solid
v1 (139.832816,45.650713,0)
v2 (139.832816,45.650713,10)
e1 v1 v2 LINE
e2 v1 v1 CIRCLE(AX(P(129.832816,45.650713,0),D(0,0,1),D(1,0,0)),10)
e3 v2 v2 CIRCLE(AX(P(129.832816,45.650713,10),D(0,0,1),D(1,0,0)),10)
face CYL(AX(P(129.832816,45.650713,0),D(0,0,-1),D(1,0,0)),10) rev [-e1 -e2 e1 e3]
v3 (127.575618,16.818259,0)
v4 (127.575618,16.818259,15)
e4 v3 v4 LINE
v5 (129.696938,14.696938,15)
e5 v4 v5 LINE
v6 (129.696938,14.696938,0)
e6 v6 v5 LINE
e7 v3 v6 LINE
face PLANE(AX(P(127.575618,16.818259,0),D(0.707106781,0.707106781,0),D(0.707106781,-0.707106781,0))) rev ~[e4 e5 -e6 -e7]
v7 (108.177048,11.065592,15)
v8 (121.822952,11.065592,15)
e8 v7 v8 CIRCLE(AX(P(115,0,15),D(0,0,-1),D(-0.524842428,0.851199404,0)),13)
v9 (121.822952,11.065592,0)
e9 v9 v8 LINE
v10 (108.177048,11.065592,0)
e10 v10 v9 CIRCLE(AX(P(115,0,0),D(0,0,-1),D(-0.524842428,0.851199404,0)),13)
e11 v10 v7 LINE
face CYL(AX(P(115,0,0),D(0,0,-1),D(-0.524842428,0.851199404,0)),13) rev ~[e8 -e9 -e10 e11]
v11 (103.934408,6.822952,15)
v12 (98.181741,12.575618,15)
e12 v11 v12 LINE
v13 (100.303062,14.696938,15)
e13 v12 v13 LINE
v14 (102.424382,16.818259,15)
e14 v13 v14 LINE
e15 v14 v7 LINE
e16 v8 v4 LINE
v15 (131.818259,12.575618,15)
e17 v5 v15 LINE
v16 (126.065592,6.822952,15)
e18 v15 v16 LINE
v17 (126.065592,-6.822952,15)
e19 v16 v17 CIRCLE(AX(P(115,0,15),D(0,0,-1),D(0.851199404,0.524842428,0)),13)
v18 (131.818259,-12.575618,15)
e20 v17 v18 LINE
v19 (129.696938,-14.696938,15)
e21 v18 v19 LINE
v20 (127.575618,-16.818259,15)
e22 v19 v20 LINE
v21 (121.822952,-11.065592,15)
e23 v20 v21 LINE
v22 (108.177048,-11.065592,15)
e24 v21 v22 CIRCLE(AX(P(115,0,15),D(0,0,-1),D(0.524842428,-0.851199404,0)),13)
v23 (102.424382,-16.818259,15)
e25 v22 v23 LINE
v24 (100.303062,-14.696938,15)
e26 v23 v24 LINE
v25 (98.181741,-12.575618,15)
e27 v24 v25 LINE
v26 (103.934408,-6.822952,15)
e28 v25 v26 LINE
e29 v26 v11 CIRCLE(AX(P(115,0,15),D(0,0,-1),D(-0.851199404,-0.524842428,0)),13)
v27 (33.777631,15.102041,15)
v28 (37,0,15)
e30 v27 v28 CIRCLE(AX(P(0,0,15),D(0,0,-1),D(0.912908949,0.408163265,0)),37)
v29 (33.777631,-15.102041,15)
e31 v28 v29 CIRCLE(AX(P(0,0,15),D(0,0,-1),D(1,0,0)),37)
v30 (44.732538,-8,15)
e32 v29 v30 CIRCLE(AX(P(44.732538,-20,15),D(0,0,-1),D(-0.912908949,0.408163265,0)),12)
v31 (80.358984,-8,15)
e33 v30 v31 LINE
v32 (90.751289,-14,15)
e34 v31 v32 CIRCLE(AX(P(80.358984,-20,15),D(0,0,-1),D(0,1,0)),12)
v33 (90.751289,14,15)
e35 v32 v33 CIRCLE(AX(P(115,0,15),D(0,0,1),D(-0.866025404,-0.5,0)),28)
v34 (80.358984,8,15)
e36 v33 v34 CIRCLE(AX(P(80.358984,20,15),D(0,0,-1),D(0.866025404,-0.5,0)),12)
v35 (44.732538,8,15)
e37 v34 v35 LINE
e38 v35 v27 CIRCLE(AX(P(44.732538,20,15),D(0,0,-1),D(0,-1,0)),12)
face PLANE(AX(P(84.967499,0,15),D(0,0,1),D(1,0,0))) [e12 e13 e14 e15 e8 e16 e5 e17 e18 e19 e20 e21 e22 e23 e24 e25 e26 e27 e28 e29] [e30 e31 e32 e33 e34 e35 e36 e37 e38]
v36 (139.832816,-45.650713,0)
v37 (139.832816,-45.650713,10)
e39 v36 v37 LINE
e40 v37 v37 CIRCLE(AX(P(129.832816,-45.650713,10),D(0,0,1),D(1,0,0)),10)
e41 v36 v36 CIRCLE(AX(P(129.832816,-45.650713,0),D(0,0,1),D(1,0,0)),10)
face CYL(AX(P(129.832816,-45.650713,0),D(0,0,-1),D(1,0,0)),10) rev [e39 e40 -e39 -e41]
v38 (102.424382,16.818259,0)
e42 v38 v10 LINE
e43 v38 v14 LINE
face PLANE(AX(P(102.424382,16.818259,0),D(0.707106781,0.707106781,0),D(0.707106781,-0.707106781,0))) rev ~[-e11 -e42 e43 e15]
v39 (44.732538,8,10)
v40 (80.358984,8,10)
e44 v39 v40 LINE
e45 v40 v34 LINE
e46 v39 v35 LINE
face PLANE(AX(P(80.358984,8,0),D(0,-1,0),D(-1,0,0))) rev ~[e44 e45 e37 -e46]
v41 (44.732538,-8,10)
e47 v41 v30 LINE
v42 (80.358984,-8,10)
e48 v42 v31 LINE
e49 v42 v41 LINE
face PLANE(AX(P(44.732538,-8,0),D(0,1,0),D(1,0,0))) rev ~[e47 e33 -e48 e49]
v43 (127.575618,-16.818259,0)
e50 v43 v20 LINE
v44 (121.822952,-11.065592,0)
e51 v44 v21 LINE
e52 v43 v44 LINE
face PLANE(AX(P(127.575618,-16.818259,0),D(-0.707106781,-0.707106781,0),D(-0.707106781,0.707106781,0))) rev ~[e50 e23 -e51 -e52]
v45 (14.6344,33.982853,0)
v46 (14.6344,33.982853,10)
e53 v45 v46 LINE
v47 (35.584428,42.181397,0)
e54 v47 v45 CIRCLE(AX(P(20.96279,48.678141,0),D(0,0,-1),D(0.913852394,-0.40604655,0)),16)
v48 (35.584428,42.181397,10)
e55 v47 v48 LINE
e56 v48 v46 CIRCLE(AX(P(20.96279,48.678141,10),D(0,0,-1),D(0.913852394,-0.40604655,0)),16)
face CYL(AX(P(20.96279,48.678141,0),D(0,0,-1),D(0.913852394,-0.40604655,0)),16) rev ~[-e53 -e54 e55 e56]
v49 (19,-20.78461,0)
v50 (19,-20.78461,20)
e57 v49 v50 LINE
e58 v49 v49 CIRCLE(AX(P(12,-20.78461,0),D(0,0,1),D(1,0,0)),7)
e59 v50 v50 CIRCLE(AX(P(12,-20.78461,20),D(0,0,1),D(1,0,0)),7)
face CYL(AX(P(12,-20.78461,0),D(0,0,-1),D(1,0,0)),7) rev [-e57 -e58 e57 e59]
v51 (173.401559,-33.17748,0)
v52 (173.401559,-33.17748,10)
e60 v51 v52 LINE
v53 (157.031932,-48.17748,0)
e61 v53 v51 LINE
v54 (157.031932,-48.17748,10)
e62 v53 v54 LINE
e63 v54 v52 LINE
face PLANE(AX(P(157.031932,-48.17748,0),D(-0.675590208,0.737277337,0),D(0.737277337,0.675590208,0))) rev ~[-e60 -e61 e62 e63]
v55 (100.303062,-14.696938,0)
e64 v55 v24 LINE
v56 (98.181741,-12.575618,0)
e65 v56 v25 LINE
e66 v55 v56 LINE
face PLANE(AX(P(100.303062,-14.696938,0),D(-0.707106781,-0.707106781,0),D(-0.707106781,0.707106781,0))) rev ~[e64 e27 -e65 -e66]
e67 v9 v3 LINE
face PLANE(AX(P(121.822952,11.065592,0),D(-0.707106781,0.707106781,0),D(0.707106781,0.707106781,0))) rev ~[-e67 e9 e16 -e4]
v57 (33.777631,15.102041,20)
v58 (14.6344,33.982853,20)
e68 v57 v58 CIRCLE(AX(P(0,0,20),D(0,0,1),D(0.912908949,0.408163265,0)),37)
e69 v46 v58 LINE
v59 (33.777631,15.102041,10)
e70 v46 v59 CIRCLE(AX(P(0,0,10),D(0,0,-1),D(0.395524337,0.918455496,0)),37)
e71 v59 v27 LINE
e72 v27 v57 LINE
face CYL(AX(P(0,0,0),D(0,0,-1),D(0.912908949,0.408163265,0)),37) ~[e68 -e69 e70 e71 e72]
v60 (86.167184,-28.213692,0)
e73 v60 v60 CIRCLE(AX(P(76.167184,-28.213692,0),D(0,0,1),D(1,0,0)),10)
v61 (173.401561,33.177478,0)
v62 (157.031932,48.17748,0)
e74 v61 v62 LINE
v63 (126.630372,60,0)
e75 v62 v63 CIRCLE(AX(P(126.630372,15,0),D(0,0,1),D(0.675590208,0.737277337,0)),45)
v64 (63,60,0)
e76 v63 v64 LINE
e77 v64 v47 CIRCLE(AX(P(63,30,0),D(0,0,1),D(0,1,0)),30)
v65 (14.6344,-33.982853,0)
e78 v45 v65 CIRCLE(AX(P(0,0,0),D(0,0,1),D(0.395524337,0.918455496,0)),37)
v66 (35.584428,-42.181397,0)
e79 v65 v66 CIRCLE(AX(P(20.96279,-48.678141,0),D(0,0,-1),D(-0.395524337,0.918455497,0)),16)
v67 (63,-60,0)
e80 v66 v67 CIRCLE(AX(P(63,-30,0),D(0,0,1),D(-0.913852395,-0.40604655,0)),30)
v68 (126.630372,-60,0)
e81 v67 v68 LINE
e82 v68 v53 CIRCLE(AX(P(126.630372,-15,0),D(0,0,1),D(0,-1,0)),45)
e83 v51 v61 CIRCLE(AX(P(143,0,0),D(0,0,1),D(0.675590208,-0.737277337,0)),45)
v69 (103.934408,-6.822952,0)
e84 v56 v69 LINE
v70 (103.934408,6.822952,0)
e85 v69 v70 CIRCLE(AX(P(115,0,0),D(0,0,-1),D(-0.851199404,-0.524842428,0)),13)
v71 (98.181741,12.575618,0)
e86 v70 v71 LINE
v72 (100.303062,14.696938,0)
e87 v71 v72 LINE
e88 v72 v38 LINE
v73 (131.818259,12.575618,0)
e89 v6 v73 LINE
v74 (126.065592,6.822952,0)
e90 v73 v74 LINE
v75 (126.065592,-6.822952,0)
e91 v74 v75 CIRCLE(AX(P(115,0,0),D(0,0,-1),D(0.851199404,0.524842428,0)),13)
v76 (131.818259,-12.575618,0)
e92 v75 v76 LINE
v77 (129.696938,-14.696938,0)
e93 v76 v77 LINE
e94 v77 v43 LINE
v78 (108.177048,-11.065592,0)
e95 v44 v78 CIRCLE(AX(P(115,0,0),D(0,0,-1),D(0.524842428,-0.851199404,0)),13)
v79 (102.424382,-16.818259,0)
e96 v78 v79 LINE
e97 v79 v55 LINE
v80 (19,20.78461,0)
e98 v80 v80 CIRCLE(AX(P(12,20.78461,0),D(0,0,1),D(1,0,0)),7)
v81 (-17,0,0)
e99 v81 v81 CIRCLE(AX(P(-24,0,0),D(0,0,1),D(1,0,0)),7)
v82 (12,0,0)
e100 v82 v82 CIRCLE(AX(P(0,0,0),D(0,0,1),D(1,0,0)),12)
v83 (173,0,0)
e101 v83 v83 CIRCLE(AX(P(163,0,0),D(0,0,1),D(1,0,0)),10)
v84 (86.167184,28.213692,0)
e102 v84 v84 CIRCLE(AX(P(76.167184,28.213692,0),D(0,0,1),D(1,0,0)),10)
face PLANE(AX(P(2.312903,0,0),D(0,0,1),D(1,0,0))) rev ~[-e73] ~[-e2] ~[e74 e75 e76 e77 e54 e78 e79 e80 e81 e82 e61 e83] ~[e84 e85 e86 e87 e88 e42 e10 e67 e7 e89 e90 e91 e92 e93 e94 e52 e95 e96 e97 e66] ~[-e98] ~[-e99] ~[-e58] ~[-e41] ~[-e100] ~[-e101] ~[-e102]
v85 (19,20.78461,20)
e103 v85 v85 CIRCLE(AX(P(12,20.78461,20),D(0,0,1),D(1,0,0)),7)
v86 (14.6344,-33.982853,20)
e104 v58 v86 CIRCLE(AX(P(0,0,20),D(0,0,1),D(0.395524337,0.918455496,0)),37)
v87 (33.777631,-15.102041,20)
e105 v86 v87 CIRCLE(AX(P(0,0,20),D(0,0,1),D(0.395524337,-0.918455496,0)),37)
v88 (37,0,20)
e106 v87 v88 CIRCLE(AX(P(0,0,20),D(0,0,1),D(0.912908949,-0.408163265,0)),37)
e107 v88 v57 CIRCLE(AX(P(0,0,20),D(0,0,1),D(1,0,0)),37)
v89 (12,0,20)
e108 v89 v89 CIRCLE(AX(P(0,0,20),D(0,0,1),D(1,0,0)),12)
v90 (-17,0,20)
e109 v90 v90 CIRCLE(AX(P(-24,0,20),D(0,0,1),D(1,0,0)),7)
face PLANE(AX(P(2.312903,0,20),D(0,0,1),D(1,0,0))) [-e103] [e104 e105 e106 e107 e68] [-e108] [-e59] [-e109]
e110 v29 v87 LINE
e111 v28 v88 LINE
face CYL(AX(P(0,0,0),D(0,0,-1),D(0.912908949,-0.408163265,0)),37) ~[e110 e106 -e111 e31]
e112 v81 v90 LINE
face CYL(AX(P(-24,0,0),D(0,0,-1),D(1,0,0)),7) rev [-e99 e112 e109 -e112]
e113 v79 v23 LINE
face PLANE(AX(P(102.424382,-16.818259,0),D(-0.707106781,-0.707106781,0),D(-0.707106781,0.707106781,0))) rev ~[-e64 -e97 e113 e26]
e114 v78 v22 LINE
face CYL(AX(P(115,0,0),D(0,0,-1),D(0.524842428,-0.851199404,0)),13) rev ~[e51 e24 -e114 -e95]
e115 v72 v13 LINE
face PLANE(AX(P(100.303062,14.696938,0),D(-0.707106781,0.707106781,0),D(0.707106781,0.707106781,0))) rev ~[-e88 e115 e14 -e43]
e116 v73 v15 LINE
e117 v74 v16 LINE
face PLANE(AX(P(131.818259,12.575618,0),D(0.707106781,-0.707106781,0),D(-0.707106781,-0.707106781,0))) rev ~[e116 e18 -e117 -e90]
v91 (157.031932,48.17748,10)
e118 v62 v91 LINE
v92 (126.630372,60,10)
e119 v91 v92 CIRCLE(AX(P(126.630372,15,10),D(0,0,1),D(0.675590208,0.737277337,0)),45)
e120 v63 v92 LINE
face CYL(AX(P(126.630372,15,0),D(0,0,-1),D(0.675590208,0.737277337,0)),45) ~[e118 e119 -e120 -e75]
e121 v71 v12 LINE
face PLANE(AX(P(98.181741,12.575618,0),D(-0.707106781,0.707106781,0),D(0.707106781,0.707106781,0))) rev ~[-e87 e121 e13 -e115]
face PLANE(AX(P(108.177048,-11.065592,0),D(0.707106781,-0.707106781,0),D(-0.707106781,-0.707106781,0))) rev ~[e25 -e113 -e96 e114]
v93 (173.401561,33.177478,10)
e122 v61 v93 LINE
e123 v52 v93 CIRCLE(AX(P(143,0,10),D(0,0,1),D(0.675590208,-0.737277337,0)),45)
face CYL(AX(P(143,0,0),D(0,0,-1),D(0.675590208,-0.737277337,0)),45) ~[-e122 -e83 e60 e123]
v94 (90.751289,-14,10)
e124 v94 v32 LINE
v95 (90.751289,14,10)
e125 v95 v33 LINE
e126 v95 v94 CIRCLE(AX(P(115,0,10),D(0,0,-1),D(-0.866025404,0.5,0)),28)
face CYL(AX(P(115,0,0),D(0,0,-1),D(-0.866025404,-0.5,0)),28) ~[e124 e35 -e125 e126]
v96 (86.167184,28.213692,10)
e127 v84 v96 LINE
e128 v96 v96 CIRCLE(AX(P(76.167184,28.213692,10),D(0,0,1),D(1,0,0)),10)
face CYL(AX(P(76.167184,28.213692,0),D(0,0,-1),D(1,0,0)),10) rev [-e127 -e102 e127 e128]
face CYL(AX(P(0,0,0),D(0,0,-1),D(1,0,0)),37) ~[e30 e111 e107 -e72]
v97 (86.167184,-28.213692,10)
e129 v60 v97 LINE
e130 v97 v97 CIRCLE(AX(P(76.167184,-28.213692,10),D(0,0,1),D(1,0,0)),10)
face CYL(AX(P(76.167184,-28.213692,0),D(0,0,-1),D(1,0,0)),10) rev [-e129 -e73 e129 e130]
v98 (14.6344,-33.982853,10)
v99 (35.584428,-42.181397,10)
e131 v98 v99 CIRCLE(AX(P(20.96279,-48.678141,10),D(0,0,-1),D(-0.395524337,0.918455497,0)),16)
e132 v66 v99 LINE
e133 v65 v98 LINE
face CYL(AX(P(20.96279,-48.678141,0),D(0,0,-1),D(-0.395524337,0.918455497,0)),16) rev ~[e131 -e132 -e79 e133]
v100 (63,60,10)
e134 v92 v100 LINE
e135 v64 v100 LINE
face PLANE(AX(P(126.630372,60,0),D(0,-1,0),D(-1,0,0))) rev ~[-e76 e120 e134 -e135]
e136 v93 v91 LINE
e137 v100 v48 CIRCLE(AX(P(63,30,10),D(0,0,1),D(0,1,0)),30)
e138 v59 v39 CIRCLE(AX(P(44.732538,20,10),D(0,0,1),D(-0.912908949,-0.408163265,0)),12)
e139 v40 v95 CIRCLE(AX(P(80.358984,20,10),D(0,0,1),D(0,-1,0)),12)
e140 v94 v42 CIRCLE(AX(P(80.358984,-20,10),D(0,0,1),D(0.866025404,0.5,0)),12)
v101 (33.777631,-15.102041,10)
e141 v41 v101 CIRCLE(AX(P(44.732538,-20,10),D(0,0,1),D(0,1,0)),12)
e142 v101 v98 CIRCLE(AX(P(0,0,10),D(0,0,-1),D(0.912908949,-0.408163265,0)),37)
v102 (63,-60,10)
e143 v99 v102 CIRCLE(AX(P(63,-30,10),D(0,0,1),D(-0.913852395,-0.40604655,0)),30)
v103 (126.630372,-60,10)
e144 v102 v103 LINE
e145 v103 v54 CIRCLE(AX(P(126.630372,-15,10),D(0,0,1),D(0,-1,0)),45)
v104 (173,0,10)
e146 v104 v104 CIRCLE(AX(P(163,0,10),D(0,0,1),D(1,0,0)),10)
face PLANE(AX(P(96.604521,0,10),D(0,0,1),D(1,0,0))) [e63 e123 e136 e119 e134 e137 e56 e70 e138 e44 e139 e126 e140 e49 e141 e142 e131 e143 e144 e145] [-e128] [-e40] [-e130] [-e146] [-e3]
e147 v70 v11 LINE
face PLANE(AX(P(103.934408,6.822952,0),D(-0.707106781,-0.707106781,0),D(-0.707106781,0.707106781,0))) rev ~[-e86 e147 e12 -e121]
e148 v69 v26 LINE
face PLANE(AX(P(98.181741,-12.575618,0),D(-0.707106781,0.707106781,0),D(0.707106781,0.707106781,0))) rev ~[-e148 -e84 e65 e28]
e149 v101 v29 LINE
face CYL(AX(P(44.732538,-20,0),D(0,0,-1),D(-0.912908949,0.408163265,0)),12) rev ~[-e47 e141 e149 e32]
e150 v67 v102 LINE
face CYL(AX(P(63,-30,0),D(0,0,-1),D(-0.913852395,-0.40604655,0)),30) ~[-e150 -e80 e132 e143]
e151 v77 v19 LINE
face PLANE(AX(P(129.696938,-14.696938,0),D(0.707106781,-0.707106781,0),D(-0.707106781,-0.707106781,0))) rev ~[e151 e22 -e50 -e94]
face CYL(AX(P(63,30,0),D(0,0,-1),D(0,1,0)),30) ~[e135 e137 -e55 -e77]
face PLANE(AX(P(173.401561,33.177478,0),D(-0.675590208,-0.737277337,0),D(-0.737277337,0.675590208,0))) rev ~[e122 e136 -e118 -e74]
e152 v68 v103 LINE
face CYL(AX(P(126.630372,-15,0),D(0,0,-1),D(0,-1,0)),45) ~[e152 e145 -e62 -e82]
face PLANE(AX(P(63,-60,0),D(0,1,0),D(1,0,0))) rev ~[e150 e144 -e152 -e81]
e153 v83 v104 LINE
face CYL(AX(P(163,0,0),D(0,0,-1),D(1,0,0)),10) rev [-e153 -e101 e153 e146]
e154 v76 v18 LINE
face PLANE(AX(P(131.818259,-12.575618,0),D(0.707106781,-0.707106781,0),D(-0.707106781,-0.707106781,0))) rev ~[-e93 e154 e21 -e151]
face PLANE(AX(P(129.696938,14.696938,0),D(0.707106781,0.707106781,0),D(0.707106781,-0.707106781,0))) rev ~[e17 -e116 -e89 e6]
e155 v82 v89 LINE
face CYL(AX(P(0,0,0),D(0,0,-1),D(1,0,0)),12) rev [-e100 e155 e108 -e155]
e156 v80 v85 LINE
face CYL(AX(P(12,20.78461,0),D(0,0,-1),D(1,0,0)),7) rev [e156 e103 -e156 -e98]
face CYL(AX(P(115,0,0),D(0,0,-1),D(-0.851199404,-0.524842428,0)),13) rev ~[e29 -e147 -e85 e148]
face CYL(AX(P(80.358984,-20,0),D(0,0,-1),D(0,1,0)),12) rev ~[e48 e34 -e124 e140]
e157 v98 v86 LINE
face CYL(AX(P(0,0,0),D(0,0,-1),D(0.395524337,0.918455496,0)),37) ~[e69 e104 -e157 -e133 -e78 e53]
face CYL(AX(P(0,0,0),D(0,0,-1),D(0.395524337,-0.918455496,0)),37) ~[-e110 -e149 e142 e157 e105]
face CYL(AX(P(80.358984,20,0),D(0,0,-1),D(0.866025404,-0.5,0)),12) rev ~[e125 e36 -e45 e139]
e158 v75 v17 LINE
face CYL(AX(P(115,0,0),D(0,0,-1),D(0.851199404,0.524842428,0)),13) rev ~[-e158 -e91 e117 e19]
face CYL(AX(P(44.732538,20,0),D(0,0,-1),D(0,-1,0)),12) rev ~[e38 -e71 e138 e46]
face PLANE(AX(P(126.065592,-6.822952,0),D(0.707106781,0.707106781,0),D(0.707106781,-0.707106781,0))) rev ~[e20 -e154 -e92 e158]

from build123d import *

# Parameters (mm, degrees)
SKETCH_1_R      = 10
EXTRUDE_1_DEPTH = 10
SKETCH_1_3_R    = 7
SKETCH_1_3_R_2  = 12
EXTRUDE_2_DEPTH = 20
EXTRUDE_3_DEPTH = 15


with BuildPart() as part:
    # Эскиз1 → Бобышка-Вытянуть1 (new body)
    with BuildSketch(Plane.XY):
        with BuildLine():
            ThreePointArc((33.777631107, 15.102040816), (38.204732973, 9.930851322), (44.732538493, 8))
            Line((44.732538493, 8), (80.358983849, 8))
            ThreePointArc((80.358983849, 8), (86.358983849, 9.607695155), (90.751288694, 14))
            ThreePointArc((90.751288694, 14), (143, 0), (90.751288694, -14))
            ThreePointArc((90.751288694, -14), (86.358983849, -9.607695155), (80.358983849, -8))
            Line((80.358983849, -8), (44.732538493, -8))
            ThreePointArc((44.732538493, -8), (38.204732973, -9.930851322), (33.777631107, -15.102040816))
            ThreePointArc((33.777631107, -15.102040816), (25.981771895, -26.342883843), (14.634400462, -33.982853369))
            ThreePointArc((14.634400462, -33.982853369), (26.793614992, -33.778427283), (35.584428164, -42.181396508))
            ThreePointArc((35.584428164, -42.181396508), (46.651328728, -55.153944971), (63, -60))
            Line((63, -60), (126.630372484, -60))
            ThreePointArc((126.630372484, -60), (142.940084207, -56.940354118), (157.031931827, -48.177480156))
            Line((157.031931827, -48.177480156), (173.401559343, -33.177480156))
            ThreePointArc((173.401559343, -33.177480156), (188, -1.233e-06), (173.401561161, 33.177478491))
            Line((173.401561161, 33.177478491), (157.031931827, 48.177480156))
            ThreePointArc((157.031931827, 48.177480156), (142.940084207, 56.940354118), (126.630372484, 60))
            Line((126.630372484, 60), (115, 60))
            Line((115, 60), (63, 60))
            ThreePointArc((63, 60), (46.651328728, 55.153944971), (35.584428164, 42.181396508))
            ThreePointArc((35.584428164, 42.181396508), (26.793614992, 33.778427283), (14.634400462, 33.982853369))
            ThreePointArc((14.634400462, 33.982853369), (25.981771895, 26.342883843), (33.777631107, 15.102040816))
        make_face()
        with Locations((129.83281573, -45.650712782)):
            Circle(SKETCH_1_R, mode=Mode.SUBTRACT)
        with Locations((76.16718427, -28.21369211)):
            Circle(SKETCH_1_R, mode=Mode.SUBTRACT)
        with Locations((163, 0)):
            Circle(SKETCH_1_R, mode=Mode.SUBTRACT)
        with Locations((76.16718427, 28.21369211)):
            Circle(SKETCH_1_R, mode=Mode.SUBTRACT)
        with Locations((129.83281573, 45.650712782)):
            Circle(SKETCH_1_R, mode=Mode.SUBTRACT)
    extrude(amount=EXTRUDE_1_DEPTH)

    # Эскиз1<3> → Бобышка-Вытянуть2 (add)
    with BuildSketch(Plane.XY):
        with BuildLine():
            ThreePointArc((37, 0), (36.185441485, 7.720998933), (33.777631107, 15.102040816))
            ThreePointArc((33.777631107, 15.102040816), (25.981771895, 26.342883843), (14.634400462, 33.982853369))
            ThreePointArc((14.634400462, 33.982853369), (-37, 0), (14.634400462, -33.982853369))
            ThreePointArc((14.634400462, -33.982853369), (25.981771895, -26.342883843), (33.777631107, -15.102040816))
            ThreePointArc((33.777631107, -15.102040816), (36.185441485, -7.720998933), (37, 0))
        make_face()
        with Locations((12, -20.784609691)):
            Circle(SKETCH_1_3_R, mode=Mode.SUBTRACT)
        with Locations((-24, 0)):
            Circle(SKETCH_1_3_R, mode=Mode.SUBTRACT)
        Circle(SKETCH_1_3_R_2, mode=Mode.SUBTRACT)
        with Locations((12, 20.784609691)):
            Circle(SKETCH_1_3_R, mode=Mode.SUBTRACT)
    extrude(amount=EXTRUDE_2_DEPTH)

    # Эскиз1<4> → Бобышка-Вытянуть3 (add)
    with BuildSketch(Plane.XY):
        with BuildLine():
            Line((80.358983849, 8), (44.732538493, 8))
            ThreePointArc((44.732538493, 8), (38.204732973, 9.930851322), (33.777631107, 15.102040816))
            ThreePointArc((33.777631107, 15.102040816), (36.185441485, 7.720998933), (37, 0))
            ThreePointArc((37, 0), (36.185441485, -7.720998933), (33.777631107, -15.102040816))
            ThreePointArc((33.777631107, -15.102040816), (38.204732973, -9.930851322), (44.732538493, -8))
            Line((44.732538493, -8), (80.358983849, -8))
            ThreePointArc((80.358983849, -8), (86.358983849, -9.607695155), (90.751288694, -14))
            ThreePointArc((90.751288694, -14), (143, 0), (90.751288694, 14))
            ThreePointArc((90.751288694, 14), (86.358983849, 9.607695155), (80.358983849, 8))
        make_face()
        with BuildLine():
            Line((98.1817412, 12.575618113), (100.303061543, 14.696938457))
            Line((100.303061543, 14.696938457), (102.424381887, 16.8182588))
            Line((102.424381887, 16.8182588), (108.177048434, 11.065592254))
            ThreePointArc((108.177048434, 11.065592254), (115, 13), (121.822951566, 11.065592254))
            Line((121.822951566, 11.065592254), (127.575618113, 16.8182588))
            Line((127.575618113, 16.8182588), (129.696938457, 14.696938457))
            Line((129.696938457, 14.696938457), (131.8182588, 12.575618113))
            Line((131.8182588, 12.575618113), (126.065592254, 6.822951566))
            ThreePointArc((126.065592254, 6.822951566), (128, 0), (126.065592254, -6.822951566))
            Line((126.065592254, -6.822951566), (131.8182588, -12.575618113))
            Line((131.8182588, -12.575618113), (129.696938457, -14.696938457))
            Line((129.696938457, -14.696938457), (127.575618113, -16.8182588))
            Line((127.575618113, -16.8182588), (121.822951566, -11.065592254))
            ThreePointArc((121.822951566, -11.065592254), (115, -13), (108.177048434, -11.065592254))
            Line((108.177048434, -11.065592254), (102.424381887, -16.8182588))
            Line((102.424381887, -16.8182588), (100.303061543, -14.696938457))
            Line((100.303061543, -14.696938457), (98.1817412, -12.575618113))
            Line((98.1817412, -12.575618113), (103.934407746, -6.822951566))
            ThreePointArc((103.934407746, -6.822951566), (102, 0), (103.934407746, 6.822951566))
            Line((103.934407746, 6.822951566), (98.1817412, 12.575618113))
        make_face(mode=Mode.SUBTRACT)
    extrude(amount=EXTRUDE_3_DEPTH)


solid = part.part
